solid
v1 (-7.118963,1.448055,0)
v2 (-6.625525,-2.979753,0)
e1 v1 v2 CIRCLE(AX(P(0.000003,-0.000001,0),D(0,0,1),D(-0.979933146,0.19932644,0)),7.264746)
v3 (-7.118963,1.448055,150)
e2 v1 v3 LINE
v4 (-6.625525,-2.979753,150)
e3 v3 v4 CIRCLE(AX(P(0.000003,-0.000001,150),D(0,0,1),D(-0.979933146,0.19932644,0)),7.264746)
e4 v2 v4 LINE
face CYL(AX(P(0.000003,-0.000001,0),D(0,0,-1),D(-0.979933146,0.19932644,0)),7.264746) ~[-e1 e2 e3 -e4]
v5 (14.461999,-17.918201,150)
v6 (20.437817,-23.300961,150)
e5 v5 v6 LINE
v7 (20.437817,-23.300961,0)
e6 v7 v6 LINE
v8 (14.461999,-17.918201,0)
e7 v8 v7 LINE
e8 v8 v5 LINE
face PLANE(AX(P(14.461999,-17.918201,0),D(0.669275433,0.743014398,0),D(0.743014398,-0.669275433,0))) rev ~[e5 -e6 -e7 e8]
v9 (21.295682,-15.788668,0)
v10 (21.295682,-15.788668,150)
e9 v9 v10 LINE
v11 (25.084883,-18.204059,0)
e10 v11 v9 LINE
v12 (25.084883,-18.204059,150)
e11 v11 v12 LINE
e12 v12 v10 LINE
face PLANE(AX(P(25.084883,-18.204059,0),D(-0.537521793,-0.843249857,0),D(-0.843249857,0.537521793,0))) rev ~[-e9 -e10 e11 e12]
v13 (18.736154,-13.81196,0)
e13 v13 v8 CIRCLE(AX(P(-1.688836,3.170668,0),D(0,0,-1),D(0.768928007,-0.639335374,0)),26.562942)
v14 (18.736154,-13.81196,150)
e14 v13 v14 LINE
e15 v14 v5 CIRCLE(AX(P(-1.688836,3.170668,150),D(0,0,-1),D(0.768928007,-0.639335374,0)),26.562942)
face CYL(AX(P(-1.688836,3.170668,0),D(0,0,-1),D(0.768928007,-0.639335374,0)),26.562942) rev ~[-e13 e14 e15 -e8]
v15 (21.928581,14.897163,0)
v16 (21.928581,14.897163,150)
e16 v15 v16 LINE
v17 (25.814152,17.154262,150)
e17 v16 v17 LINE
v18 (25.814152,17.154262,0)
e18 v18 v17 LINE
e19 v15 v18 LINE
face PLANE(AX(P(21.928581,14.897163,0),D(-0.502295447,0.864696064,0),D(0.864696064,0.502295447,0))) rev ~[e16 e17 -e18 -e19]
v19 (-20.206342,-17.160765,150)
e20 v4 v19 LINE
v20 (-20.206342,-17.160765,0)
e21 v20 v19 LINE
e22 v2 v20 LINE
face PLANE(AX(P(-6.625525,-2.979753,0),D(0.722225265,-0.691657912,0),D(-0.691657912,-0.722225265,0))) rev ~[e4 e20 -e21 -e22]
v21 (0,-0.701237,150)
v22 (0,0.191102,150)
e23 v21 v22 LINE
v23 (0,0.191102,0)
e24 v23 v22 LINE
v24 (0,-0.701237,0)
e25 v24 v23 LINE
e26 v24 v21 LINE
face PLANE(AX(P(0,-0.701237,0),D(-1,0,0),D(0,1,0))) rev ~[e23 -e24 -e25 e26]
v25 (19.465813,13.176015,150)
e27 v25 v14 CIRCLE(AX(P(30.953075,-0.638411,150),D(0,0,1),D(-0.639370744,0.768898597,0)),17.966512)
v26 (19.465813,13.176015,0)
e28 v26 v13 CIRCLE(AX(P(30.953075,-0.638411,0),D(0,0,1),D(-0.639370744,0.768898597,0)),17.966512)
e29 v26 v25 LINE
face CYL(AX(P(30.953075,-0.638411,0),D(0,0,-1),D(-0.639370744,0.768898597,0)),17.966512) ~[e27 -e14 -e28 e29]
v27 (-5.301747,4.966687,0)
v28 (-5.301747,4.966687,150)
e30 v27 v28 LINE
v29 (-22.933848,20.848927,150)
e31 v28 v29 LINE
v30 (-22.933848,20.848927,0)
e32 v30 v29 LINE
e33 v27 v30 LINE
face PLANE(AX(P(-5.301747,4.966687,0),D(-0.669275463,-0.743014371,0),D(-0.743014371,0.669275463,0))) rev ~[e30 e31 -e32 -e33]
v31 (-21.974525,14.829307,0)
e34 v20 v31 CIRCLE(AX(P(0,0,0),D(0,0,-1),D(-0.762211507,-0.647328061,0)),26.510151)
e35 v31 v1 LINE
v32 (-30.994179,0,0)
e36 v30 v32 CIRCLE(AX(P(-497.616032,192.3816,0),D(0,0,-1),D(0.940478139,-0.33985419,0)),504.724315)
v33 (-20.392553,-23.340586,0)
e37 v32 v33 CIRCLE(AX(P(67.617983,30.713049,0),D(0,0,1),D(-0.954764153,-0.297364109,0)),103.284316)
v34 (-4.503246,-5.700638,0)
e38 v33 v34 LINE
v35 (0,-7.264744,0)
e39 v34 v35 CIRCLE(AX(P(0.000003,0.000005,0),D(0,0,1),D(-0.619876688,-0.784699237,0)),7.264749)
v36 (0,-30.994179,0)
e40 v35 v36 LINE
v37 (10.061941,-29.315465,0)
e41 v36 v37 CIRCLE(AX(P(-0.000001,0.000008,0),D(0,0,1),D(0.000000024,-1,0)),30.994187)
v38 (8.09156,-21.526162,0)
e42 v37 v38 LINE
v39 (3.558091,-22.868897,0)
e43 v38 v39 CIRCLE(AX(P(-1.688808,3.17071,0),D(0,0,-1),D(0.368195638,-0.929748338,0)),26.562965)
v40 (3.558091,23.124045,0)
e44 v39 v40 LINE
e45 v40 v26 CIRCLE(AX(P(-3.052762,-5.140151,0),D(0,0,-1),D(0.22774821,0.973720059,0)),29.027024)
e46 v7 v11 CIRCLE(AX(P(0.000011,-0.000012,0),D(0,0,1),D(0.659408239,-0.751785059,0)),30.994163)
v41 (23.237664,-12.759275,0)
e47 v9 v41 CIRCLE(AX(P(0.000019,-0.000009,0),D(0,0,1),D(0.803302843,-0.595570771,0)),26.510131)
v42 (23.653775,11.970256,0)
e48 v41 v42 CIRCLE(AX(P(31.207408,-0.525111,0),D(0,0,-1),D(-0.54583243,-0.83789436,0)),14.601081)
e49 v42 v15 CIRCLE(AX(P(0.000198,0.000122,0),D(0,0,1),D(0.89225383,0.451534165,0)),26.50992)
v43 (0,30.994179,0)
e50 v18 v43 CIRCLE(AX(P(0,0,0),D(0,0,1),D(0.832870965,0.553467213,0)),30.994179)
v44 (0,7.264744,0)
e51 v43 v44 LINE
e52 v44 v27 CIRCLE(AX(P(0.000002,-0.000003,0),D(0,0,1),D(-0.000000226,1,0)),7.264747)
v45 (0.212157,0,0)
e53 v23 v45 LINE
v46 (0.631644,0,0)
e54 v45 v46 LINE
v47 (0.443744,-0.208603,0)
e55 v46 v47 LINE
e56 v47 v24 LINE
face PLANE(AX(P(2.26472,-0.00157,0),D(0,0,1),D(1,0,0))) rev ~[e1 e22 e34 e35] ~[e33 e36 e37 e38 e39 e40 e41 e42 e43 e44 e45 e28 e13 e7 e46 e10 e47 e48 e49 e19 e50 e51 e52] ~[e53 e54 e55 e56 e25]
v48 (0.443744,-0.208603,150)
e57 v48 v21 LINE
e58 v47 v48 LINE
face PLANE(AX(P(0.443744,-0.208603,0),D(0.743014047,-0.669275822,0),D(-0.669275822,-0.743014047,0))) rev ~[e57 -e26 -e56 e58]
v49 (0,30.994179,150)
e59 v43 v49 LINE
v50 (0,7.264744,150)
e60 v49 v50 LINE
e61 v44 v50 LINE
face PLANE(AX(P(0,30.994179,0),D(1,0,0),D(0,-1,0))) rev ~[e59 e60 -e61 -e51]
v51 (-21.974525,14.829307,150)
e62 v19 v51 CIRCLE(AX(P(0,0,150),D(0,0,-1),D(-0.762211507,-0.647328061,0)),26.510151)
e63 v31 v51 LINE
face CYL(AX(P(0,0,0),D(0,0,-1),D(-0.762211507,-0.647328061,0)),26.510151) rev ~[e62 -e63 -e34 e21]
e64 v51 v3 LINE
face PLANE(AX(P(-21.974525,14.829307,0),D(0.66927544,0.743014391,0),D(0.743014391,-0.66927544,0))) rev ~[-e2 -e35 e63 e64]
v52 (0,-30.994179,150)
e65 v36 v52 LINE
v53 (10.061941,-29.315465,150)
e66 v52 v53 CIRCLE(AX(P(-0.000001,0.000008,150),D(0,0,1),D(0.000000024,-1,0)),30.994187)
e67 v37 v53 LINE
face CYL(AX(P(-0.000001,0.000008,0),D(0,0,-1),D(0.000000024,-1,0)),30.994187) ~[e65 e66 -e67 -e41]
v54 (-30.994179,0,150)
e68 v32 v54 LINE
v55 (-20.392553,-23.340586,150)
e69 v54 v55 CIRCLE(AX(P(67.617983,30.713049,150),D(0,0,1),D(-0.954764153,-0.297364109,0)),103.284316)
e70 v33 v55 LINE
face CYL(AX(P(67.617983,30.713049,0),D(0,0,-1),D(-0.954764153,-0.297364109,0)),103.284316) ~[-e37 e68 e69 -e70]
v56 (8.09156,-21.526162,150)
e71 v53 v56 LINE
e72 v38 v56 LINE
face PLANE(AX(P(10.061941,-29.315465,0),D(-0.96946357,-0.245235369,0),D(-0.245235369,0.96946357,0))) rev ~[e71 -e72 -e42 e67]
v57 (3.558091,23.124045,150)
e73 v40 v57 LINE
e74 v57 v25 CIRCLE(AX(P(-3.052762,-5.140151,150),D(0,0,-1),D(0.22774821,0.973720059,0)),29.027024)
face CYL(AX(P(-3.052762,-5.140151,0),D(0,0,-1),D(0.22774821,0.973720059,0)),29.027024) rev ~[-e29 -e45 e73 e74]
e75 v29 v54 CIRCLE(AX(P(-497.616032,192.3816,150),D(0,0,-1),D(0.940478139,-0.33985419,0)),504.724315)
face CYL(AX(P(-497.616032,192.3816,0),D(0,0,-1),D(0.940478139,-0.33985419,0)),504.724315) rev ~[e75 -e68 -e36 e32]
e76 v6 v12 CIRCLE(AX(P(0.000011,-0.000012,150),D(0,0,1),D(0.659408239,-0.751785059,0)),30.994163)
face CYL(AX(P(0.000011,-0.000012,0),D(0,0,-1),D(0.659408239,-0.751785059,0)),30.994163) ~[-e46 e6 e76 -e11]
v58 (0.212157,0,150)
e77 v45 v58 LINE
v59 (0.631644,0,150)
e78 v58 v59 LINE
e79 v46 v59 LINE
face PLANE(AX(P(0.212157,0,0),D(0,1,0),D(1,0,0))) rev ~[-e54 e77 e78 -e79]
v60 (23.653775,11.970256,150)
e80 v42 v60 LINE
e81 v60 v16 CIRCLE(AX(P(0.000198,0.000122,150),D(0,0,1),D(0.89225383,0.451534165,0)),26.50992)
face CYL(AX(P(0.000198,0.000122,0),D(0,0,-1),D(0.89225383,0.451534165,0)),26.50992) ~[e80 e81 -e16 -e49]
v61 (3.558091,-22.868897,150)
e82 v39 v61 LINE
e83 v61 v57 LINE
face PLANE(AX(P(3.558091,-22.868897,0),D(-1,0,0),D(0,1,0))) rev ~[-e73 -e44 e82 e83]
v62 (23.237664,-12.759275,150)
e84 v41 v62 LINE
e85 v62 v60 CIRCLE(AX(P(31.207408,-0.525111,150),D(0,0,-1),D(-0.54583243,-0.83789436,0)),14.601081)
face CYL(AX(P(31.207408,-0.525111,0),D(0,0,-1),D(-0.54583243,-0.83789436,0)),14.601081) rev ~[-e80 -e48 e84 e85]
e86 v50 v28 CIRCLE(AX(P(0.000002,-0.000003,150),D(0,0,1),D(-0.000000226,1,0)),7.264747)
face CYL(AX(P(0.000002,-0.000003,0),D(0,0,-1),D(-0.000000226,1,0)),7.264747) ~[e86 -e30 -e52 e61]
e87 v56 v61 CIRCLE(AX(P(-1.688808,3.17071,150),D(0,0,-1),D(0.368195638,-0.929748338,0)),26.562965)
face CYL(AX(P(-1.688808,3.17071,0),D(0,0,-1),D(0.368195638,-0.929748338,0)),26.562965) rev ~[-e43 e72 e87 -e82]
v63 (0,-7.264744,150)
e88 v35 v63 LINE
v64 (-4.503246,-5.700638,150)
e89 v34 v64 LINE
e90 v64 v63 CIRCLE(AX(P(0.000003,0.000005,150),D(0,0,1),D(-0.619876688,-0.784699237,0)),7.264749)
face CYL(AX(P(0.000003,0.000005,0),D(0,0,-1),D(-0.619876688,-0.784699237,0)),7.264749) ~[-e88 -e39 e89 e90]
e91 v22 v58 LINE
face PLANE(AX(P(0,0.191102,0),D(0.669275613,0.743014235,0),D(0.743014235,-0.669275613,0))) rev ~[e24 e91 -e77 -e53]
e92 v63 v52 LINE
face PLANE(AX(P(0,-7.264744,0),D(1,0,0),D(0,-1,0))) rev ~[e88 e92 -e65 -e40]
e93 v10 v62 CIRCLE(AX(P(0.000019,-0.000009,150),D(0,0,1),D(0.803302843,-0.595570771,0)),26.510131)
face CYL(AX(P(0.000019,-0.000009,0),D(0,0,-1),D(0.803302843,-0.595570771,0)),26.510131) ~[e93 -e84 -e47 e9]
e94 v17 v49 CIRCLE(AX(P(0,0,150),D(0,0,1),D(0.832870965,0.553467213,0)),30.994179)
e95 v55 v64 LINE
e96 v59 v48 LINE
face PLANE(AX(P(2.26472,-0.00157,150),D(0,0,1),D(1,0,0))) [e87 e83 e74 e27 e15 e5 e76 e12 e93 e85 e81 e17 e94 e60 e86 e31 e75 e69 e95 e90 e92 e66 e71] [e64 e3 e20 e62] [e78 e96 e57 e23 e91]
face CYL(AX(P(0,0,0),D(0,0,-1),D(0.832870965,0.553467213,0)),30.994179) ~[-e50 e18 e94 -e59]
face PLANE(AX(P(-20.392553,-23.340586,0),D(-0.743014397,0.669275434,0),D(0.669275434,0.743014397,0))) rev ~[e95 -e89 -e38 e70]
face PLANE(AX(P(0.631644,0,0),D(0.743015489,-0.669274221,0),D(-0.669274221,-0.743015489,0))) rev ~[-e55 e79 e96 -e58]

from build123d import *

# Parameters (mm, degrees)
F1_DEPTH = 150


with BuildPart() as f1:
    # F0 (on Top) → F1 (new body)
    with BuildSketch(Plane.XY):
        with BuildLine():
            ThreePointArc((25.814152, 17.154262), (14.645083, 27.315942), (0, 30.994179))
            Line((0, 30.994179), (0, 7.264744))
            ThreePointArc((0, 7.264744), (-2.889186, 6.665516), (-5.301747, 4.966687))
            Line((-5.301747, 4.966687), (-22.933848, 20.848927))
            ThreePointArc((-22.933848, 20.848927), (-26.848582, 10.379837), (-30.994179, 0))
            ThreePointArc((-30.994179, 0), (-26.420326, -12.000489), (-20.392553, -23.340586))
            Line((-20.392553, -23.340586), (-4.503246, -5.700638))
            ThreePointArc((-4.503246, -5.700638), (-2.383571, -6.862586), (0, -7.264744))
            Line((0, -7.264744), (0, -30.994179))
            ThreePointArc((0, -30.994179), (5.100508, -30.57162), (10.061941, -29.315465))
            Line((10.061941, -29.315465), (8.09156, -21.526162))
            ThreePointArc((8.09156, -21.526162), (5.854761, -22.298598), (3.558091, -22.868897))
            Line((3.558091, -22.868897), (3.558091, 23.124045))
            ThreePointArc((3.558091, 23.124045), (12.337875, 19.47075), (19.465813, 13.176015))
            ThreePointArc((19.465813, 13.176015), (12.993126, -0.152837), (18.736154, -13.81196))
            ThreePointArc((18.736154, -13.81196), (16.713964, -15.984666), (14.461999, -17.918201))
            Line((14.461999, -17.918201), (20.437817, -23.300961))
            ThreePointArc((20.437817, -23.300961), (22.903573, -20.882181), (25.084883, -18.204059))
            Line((25.084883, -18.204059), (21.295682, -15.788668))
            ThreePointArc((21.295682, -15.788668), (22.318132, -14.30696), (23.237664, -12.759275))
            ThreePointArc((23.237664, -12.759275), (16.608393, -0.279461), (23.653775, 11.970256))
            ThreePointArc((23.653775, 11.970256), (22.838115, 13.461376), (21.928581, 14.897163))
            Line((21.928581, 14.897163), (25.814152, 17.154262))
        make_face()
        with BuildLine():
            ThreePointArc((-20.206342, -17.160765), (-26.469748, -1.463059), (-21.974525, 14.829307))
            Line((-21.974525, 14.829307), (-7.118963, 1.448055))
            ThreePointArc((-7.118963, 1.448055), (-7.220049, -0.804608), (-6.625525, -2.979753))
            Line((-6.625525, -2.979753), (-20.206342, -17.160765))
        make_face(mode=Mode.SUBTRACT)
        Polygon((0.443744, -0.208603), (0, -0.701237), (0, 0), (0, 0.191102), (0.212157, 0), (0.631644, 0), align=None, mode=Mode.SUBTRACT)
    extrude(amount=F1_DEPTH)


solid = f1.part
